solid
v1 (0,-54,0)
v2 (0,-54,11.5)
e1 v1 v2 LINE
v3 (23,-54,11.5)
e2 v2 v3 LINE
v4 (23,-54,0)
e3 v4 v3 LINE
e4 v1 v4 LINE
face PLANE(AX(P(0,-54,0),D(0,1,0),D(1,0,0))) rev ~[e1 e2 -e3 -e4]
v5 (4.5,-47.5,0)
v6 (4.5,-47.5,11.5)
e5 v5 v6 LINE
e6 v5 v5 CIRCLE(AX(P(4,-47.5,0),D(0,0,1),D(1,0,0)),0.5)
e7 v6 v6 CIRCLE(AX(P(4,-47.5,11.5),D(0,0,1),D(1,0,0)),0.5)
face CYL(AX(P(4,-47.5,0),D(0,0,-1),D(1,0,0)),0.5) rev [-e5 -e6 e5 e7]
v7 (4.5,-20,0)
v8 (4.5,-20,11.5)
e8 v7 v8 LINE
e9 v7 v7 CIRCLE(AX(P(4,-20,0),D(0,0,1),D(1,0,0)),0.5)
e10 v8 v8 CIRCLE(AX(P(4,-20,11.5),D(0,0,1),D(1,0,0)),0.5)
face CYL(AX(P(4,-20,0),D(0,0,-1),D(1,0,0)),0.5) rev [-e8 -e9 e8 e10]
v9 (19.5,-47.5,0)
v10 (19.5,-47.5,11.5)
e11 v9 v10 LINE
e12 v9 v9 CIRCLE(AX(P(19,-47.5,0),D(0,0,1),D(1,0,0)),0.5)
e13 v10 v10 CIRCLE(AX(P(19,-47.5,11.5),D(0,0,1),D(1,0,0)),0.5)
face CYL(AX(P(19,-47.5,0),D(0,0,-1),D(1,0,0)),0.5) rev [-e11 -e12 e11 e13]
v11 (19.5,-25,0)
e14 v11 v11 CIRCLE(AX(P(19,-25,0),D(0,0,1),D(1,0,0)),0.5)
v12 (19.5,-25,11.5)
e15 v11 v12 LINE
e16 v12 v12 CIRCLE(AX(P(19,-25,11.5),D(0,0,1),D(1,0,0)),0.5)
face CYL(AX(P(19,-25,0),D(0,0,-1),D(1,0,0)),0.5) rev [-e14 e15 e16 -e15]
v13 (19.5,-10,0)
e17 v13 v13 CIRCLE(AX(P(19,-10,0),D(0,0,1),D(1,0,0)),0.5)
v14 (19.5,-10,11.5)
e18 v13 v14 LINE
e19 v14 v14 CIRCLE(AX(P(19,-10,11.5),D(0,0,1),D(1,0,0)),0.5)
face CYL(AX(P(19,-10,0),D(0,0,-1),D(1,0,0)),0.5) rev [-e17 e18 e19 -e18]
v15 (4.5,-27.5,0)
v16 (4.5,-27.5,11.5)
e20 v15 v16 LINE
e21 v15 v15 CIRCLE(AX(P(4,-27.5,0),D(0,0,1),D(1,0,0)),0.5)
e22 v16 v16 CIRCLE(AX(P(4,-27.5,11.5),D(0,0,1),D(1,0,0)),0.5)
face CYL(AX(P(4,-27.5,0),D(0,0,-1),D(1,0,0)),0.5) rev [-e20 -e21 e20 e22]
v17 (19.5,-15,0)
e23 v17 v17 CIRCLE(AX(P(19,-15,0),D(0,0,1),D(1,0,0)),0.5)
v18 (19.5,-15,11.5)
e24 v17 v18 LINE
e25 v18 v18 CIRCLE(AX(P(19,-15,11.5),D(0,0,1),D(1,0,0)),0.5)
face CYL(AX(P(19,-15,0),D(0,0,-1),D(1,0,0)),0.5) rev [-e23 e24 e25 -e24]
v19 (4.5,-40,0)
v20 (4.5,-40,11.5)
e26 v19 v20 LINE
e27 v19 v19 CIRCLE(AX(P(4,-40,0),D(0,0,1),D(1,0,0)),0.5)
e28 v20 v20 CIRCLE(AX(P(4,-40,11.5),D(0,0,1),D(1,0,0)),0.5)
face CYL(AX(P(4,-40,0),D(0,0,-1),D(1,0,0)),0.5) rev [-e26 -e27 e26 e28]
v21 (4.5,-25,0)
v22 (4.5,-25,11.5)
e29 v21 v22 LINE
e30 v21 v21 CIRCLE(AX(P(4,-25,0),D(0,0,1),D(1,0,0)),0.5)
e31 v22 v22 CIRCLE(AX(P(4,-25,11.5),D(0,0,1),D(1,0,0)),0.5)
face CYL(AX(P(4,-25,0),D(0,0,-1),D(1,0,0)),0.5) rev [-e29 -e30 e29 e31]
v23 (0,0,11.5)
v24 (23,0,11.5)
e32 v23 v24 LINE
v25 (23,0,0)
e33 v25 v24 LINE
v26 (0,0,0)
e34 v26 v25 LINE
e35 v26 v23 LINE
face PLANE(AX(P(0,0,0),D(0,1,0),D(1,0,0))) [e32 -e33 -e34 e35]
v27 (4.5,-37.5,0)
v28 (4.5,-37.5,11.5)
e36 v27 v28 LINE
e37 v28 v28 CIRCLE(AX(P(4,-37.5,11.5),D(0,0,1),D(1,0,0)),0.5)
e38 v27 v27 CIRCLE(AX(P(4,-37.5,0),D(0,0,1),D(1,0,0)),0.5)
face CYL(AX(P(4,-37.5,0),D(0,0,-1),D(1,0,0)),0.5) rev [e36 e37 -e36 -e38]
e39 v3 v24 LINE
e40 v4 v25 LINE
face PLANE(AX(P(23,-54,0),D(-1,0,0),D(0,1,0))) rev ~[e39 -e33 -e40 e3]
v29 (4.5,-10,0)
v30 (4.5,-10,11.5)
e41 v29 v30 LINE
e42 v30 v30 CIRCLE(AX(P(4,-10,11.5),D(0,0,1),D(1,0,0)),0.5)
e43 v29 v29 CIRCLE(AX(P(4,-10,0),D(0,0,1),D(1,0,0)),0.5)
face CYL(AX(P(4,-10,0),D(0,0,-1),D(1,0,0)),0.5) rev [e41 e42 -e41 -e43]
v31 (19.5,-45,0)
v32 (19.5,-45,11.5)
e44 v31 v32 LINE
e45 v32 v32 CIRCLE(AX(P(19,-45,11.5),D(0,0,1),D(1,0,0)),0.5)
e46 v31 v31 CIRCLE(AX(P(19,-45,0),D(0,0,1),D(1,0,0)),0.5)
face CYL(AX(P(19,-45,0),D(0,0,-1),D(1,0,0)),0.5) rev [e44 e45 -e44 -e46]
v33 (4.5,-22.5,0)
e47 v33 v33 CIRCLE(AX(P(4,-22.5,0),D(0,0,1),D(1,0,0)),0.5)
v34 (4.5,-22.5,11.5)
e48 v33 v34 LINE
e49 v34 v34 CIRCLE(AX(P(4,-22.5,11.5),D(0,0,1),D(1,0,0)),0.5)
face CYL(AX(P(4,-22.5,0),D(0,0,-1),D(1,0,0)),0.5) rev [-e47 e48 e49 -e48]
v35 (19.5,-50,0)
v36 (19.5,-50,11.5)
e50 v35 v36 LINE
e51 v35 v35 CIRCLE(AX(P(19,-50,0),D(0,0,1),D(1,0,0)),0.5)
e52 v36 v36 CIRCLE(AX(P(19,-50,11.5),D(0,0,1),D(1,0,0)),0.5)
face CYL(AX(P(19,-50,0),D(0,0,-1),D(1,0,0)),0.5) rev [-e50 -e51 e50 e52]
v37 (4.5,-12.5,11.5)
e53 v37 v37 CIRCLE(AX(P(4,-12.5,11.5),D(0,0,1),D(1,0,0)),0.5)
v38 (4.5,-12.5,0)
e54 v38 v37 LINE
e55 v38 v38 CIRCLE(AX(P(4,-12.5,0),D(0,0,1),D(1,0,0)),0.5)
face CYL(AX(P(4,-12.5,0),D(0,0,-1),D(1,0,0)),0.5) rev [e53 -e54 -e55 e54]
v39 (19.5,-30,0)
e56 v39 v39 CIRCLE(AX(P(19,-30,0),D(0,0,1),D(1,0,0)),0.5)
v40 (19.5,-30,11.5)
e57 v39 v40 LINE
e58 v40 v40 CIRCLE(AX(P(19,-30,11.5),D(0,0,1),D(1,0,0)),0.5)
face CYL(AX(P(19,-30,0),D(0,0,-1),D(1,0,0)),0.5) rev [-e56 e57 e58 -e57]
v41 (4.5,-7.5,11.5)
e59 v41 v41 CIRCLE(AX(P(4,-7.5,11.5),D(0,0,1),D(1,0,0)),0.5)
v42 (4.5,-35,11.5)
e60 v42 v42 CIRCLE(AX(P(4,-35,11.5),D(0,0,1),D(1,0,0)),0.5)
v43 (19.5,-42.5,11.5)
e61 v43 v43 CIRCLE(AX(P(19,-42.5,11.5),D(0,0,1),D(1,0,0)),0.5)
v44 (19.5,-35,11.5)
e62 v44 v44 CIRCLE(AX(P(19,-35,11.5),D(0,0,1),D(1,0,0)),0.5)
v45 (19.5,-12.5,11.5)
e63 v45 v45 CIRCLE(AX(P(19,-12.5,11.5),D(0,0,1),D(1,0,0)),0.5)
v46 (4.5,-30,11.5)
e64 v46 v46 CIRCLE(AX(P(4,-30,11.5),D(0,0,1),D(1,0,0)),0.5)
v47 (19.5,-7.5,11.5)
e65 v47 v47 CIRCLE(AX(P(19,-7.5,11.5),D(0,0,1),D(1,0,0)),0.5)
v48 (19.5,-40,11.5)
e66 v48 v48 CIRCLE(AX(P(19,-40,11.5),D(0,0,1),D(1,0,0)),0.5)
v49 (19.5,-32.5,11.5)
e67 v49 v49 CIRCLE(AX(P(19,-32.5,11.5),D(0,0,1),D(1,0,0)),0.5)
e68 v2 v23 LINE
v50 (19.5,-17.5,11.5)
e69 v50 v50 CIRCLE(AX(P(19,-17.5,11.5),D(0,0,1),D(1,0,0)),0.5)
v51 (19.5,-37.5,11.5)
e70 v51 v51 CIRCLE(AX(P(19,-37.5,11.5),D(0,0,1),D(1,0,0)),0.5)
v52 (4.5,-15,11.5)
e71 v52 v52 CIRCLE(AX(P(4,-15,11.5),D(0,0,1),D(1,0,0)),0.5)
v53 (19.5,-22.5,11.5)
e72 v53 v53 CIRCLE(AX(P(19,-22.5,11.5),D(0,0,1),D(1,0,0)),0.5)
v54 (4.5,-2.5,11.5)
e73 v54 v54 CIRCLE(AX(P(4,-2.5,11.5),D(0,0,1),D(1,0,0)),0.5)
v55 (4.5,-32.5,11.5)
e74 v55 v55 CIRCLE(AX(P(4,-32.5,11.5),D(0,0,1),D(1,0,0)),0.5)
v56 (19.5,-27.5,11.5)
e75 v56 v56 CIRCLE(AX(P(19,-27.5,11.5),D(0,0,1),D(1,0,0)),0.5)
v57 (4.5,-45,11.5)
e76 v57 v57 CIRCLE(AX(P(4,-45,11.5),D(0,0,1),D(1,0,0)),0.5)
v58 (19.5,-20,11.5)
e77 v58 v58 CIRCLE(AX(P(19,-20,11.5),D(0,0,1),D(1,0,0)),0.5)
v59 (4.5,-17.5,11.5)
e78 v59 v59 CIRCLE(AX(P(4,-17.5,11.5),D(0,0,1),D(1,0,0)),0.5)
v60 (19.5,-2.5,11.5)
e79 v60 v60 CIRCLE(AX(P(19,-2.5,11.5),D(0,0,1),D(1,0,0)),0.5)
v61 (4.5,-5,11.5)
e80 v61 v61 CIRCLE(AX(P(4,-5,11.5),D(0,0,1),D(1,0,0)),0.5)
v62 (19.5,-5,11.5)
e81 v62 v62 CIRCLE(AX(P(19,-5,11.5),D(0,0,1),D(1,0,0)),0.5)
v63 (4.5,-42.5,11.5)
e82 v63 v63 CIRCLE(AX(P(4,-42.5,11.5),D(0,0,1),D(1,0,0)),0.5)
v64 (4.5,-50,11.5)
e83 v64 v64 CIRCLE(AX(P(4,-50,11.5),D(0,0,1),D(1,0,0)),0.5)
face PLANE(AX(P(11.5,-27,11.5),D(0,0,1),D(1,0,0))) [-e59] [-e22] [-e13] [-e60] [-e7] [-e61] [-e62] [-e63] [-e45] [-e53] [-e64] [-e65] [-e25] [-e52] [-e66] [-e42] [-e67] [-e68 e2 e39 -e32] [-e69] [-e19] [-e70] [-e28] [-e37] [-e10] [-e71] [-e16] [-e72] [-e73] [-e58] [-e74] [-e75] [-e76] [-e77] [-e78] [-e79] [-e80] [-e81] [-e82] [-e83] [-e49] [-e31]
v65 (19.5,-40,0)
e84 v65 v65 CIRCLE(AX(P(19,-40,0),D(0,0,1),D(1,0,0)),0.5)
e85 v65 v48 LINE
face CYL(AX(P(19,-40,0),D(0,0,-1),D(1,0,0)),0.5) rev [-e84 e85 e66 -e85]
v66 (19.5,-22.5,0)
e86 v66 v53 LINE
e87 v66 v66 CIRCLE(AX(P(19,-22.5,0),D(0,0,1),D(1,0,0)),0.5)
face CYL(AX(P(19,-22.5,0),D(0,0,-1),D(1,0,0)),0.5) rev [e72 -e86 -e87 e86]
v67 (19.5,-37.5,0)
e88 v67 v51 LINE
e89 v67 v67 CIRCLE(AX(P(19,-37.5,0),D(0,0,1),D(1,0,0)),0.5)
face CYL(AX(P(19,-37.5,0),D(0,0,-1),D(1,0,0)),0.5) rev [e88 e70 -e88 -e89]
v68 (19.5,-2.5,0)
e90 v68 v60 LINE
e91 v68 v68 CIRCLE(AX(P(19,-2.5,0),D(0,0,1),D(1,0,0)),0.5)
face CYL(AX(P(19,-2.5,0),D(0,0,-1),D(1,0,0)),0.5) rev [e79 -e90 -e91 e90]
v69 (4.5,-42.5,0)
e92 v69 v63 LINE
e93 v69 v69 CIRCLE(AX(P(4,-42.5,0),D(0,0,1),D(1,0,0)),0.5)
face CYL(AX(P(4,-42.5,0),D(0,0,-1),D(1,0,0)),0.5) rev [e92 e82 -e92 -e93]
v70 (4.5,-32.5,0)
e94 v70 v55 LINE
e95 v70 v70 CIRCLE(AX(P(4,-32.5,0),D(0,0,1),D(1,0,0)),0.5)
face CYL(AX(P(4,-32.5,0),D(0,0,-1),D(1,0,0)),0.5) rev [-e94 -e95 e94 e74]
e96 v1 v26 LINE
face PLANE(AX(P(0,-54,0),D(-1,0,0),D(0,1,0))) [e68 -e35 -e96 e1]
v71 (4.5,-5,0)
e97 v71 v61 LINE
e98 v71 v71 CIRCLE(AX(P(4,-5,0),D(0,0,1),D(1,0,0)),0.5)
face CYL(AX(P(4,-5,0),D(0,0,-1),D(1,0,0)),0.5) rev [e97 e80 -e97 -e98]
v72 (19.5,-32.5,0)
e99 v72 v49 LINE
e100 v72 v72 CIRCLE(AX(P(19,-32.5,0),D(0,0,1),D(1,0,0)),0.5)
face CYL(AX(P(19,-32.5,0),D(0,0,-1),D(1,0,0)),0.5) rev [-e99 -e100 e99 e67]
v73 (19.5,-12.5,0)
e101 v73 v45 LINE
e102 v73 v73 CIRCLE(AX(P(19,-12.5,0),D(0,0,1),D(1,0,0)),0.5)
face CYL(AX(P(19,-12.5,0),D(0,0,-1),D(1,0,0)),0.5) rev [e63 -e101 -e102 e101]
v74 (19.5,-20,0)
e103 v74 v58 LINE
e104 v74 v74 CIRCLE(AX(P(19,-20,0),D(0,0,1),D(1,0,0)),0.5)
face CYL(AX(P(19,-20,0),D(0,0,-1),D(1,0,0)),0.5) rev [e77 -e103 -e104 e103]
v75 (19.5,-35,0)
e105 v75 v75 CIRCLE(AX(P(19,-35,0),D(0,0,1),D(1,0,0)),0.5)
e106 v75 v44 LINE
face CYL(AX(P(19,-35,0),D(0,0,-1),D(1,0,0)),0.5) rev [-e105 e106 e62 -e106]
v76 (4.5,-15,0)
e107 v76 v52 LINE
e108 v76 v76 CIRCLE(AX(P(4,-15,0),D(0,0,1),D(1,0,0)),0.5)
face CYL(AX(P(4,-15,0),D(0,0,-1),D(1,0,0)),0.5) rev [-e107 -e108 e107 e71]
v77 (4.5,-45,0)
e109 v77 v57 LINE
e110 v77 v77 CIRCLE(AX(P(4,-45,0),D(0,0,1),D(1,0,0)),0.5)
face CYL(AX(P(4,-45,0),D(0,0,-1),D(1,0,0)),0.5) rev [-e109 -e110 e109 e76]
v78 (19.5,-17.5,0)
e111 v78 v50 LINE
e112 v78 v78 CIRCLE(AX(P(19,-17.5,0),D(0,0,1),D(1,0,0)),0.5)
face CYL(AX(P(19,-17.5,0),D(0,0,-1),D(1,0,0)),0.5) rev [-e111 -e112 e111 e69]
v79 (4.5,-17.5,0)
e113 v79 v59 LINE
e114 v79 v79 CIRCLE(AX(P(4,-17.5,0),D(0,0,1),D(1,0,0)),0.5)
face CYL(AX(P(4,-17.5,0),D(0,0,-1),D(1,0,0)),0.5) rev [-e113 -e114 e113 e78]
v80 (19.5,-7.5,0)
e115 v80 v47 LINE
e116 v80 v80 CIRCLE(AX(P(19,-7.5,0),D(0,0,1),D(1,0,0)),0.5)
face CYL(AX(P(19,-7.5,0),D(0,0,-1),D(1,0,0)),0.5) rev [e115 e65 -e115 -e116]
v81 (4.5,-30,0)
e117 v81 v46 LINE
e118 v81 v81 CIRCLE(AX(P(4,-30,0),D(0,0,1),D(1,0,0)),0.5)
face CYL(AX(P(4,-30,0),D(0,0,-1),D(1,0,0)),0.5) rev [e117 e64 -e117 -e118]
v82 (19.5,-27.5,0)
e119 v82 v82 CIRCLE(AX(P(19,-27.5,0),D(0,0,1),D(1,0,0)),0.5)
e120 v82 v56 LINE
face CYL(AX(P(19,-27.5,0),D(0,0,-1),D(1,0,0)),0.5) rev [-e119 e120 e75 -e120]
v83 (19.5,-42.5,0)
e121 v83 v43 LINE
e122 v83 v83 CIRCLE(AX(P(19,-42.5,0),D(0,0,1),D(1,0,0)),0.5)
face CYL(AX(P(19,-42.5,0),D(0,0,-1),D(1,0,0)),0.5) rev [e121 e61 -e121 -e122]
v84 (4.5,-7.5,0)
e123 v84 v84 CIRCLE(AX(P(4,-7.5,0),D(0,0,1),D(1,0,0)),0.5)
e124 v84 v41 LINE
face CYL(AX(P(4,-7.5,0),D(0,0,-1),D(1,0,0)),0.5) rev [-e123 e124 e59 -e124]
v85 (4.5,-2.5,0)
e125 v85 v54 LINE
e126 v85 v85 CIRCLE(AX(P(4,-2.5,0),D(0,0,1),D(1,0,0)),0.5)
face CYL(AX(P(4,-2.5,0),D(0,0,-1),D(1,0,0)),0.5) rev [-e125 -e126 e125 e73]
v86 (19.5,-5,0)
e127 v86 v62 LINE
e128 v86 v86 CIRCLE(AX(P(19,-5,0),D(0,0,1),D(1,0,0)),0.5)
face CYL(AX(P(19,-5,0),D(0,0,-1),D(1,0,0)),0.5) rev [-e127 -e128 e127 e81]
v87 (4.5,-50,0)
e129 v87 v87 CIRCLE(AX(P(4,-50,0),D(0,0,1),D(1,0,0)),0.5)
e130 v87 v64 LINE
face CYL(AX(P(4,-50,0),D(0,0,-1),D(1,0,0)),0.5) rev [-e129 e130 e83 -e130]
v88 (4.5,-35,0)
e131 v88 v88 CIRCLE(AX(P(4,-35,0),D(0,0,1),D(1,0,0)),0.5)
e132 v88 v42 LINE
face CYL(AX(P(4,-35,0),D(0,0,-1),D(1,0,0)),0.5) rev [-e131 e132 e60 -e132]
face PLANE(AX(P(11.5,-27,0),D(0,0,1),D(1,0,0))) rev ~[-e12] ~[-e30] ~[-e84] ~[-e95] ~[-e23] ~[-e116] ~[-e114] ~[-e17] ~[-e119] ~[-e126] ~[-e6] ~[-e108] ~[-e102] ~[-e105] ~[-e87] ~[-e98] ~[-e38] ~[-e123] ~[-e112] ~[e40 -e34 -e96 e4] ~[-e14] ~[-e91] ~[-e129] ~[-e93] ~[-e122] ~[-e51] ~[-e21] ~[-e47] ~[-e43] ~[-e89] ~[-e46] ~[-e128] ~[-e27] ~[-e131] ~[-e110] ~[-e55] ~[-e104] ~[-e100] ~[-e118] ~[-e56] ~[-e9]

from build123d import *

# Parameters (mm, degrees)
SKETCH_W  = 23
SKETCH_H  = 54
SKETCH_R  = 0.5
PAD_DEPTH = 11.5


with BuildPart() as part:
    # Sketch → Pad (new body)
    with BuildSketch(Plane.XY):
        with Locations((11.5, -27)):
            Rectangle(SKETCH_W, SKETCH_H)
        with Locations((4, -2.5)):
            Circle(SKETCH_R, mode=Mode.SUBTRACT)
        with Locations((19, -2.5)):
            Circle(SKETCH_R, mode=Mode.SUBTRACT)
        with Locations((4, -5)):
            Circle(SKETCH_R, mode=Mode.SUBTRACT)
        with Locations((19, -5)):
            Circle(SKETCH_R, mode=Mode.SUBTRACT)
        with Locations((4, -7.5)):
            Circle(SKETCH_R, mode=Mode.SUBTRACT)
        with Locations((4, -10)):
            Circle(SKETCH_R, mode=Mode.SUBTRACT)
        with Locations((19, -7.5)):
            Circle(SKETCH_R, mode=Mode.SUBTRACT)
        with Locations((19, -10)):
            Circle(SKETCH_R, mode=Mode.SUBTRACT)
        with Locations((4, -12.5)):
            Circle(SKETCH_R, mode=Mode.SUBTRACT)
        with Locations((4, -15)):
            Circle(SKETCH_R, mode=Mode.SUBTRACT)
        with Locations((4, -17.5)):
            Circle(SKETCH_R, mode=Mode.SUBTRACT)
        with Locations((4, -20)):
            Circle(SKETCH_R, mode=Mode.SUBTRACT)
        with Locations((19, -12.5)):
            Circle(SKETCH_R, mode=Mode.SUBTRACT)
        with Locations((19, -15)):
            Circle(SKETCH_R, mode=Mode.SUBTRACT)
        with Locations((19, -17.5)):
            Circle(SKETCH_R, mode=Mode.SUBTRACT)
        with Locations((19, -20)):
            Circle(SKETCH_R, mode=Mode.SUBTRACT)
        with Locations((4, -22.5)):
            Circle(SKETCH_R, mode=Mode.SUBTRACT)
        with Locations((4, -25)):
            Circle(SKETCH_R, mode=Mode.SUBTRACT)
        with Locations((4, -27.5)):
            Circle(SKETCH_R, mode=Mode.SUBTRACT)
        with Locations((4, -30)):
            Circle(SKETCH_R, mode=Mode.SUBTRACT)
        with Locations((4, -32.5)):
            Circle(SKETCH_R, mode=Mode.SUBTRACT)
        with Locations((4, -35)):
            Circle(SKETCH_R, mode=Mode.SUBTRACT)
        with Locations((4, -37.5)):
            Circle(SKETCH_R, mode=Mode.SUBTRACT)
        with Locations((4, -40)):
            Circle(SKETCH_R, mode=Mode.SUBTRACT)
        with Locations((19, -22.5)):
            Circle(SKETCH_R, mode=Mode.SUBTRACT)
        with Locations((19, -25)):
            Circle(SKETCH_R, mode=Mode.SUBTRACT)
        with Locations((19, -27.5)):
            Circle(SKETCH_R, mode=Mode.SUBTRACT)
        with Locations((19, -30)):
            Circle(SKETCH_R, mode=Mode.SUBTRACT)
        with Locations((19, -32.5)):
            Circle(SKETCH_R, mode=Mode.SUBTRACT)
        with Locations((19, -35)):
            Circle(SKETCH_R, mode=Mode.SUBTRACT)
        with Locations((19, -37.5)):
            Circle(SKETCH_R, mode=Mode.SUBTRACT)
        with Locations((19, -40)):
            Circle(SKETCH_R, mode=Mode.SUBTRACT)
        with Locations((4, -42.5)):
            Circle(SKETCH_R, mode=Mode.SUBTRACT)
        with Locations((4, -45)):
            Circle(SKETCH_R, mode=Mode.SUBTRACT)
        with Locations((4, -47.5)):
            Circle(SKETCH_R, mode=Mode.SUBTRACT)
        with Locations((4, -50)):
            Circle(SKETCH_R, mode=Mode.SUBTRACT)
        with Locations((19, -42.5)):
            Circle(SKETCH_R, mode=Mode.SUBTRACT)
        with Locations((19, -45)):
            Circle(SKETCH_R, mode=Mode.SUBTRACT)
        with Locations((19, -47.5)):
            Circle(SKETCH_R, mode=Mode.SUBTRACT)
        with Locations((19, -50)):
            Circle(SKETCH_R, mode=Mode.SUBTRACT)
    extrude(amount=PAD_DEPTH)


solid = part.part
